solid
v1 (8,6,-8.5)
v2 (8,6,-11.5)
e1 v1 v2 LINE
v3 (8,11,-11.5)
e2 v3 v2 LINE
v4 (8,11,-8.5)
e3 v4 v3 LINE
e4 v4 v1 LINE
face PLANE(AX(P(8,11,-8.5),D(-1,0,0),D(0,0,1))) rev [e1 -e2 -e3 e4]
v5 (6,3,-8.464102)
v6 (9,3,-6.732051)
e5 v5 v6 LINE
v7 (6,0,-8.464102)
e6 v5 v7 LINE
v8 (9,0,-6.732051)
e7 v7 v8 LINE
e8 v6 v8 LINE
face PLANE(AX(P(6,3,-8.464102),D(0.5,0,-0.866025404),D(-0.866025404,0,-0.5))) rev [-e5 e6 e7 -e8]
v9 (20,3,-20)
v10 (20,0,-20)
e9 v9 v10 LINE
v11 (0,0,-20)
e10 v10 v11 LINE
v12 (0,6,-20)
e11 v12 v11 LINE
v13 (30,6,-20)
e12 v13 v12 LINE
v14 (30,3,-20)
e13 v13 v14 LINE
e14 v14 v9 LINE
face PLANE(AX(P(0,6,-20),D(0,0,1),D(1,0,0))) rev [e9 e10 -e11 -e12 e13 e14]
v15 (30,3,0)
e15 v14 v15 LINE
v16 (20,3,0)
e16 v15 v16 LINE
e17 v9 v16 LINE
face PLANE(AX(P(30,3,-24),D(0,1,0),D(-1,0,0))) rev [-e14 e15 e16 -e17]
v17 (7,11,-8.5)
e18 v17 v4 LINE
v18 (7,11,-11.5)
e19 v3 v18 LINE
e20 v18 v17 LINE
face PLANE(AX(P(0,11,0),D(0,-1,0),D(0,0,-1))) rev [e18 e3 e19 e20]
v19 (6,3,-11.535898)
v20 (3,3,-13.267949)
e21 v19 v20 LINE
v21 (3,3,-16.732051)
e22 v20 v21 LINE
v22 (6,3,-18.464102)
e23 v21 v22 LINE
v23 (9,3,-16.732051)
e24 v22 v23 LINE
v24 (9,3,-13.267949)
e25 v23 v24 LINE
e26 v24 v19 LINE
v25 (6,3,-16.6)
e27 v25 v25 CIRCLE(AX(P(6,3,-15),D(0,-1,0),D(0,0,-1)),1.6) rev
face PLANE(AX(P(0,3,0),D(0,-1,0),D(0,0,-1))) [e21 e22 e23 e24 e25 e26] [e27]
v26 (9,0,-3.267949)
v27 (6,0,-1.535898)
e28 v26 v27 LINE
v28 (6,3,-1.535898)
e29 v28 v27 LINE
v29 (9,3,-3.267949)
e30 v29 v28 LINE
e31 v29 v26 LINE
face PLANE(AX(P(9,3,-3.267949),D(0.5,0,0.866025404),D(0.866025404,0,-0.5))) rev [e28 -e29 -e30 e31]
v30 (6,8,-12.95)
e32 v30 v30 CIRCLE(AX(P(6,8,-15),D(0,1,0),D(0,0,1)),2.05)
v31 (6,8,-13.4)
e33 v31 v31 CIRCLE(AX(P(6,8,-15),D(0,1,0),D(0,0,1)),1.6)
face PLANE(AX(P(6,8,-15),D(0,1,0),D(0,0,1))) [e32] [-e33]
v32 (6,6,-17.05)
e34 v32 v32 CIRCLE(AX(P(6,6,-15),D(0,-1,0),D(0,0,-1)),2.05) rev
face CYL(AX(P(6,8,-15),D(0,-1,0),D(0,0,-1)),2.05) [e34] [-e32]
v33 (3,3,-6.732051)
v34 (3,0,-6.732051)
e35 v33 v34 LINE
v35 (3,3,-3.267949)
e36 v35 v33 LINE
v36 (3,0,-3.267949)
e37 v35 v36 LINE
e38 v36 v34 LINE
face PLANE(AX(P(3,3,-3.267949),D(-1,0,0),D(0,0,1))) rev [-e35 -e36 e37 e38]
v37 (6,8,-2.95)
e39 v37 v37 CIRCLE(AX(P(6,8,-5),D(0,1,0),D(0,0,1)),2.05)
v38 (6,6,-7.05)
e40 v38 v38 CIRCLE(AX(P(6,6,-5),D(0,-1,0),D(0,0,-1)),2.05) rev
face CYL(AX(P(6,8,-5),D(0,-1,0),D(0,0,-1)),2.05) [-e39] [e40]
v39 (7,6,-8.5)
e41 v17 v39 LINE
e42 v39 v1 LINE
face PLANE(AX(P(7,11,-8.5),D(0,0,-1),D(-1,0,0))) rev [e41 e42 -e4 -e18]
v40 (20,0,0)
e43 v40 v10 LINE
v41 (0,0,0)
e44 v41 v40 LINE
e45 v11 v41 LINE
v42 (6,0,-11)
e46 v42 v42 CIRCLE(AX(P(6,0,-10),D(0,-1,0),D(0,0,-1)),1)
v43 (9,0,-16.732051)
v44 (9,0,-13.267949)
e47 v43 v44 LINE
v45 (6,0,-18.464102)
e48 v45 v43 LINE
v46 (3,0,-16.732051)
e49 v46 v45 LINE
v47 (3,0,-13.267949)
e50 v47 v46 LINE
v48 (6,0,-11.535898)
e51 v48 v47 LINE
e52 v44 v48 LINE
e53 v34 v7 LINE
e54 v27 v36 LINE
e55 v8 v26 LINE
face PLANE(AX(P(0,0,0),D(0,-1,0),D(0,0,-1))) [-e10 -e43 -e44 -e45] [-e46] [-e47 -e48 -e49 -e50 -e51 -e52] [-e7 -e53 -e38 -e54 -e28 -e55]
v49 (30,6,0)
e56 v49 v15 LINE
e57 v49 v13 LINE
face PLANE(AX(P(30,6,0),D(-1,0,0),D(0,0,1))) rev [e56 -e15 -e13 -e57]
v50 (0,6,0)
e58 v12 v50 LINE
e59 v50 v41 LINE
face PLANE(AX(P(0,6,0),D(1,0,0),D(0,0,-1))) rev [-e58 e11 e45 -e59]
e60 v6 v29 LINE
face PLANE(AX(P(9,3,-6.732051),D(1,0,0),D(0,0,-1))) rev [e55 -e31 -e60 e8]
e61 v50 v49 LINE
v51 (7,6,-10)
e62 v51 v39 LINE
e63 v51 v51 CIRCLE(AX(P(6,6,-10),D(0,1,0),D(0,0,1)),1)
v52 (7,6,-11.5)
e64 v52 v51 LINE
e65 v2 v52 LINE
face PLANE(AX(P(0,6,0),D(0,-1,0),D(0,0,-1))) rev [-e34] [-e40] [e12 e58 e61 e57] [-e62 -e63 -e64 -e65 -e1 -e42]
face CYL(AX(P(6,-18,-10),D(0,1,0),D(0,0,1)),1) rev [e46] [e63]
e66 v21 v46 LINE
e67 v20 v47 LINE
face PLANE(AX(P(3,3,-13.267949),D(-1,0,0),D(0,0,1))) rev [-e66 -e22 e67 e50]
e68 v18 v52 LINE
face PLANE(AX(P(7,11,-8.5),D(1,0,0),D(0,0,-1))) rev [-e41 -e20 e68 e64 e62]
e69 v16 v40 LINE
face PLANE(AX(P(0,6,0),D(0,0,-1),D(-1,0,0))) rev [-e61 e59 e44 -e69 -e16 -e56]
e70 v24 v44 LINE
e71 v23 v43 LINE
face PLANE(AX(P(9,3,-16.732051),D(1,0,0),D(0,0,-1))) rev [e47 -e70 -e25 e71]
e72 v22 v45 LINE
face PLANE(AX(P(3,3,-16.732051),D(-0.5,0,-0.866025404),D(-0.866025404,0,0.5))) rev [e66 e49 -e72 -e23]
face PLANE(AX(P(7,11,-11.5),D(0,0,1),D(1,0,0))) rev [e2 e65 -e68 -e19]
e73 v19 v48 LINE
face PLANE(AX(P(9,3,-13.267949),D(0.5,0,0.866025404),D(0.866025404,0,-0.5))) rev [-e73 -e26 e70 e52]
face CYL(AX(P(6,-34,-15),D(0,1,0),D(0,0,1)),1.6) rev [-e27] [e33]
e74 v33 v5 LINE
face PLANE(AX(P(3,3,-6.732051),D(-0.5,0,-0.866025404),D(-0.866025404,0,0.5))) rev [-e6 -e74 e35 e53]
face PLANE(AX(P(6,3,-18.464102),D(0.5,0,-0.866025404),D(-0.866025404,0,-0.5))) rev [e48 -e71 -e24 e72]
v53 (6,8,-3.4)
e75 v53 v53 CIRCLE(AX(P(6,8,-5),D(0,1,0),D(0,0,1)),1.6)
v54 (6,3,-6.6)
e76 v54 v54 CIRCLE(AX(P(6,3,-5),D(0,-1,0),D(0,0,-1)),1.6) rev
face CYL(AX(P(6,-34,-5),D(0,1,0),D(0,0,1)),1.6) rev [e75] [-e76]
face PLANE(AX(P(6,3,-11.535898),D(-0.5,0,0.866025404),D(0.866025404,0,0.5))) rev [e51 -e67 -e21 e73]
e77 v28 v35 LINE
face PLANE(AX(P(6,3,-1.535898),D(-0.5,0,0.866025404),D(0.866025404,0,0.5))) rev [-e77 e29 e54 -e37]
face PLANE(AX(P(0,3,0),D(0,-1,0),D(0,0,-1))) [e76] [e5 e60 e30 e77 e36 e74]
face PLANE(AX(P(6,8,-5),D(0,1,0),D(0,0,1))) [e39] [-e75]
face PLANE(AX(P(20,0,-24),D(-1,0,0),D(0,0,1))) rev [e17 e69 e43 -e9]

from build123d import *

# Parameters (mm, degrees)
CROQUIS1_W              = 30
CROQUIS1_H              = 20
SALIENTE_EXTRUIR1_DEPTH = 6
CROQUIS3_R              = 1.6
CORTAR_EXTRUIR2_DEPTH   = 40
SALIENTE_EXTRUIR2_START = 2
CROQUIS4_R              = 2.05
CROQUIS4_R_2            = 1.6
SALIENTE_EXTRUIR2_DEPTH = 2
CORTAR_EXTRUIR3_DEPTH   = 3
CROQUIS6_W              = 10
CROQUIS6_H              = 3
CORTAR_EXTRUIR4_DEPTH   = 24
CROQUIS7_R              = 1
CORTAR_EXTRUIR5_DEPTH   = 24
CROQUIS8_W              = 1
CROQUIS8_H              = 3
SALIENTE_EXTRUIR3_DEPTH = 5


with BuildPart() as part:
    # Croquis1 → Saliente-Extruir1 (new body)
    with BuildSketch(Plane(origin=(0, 0, 0), x_dir=(1, 0, 0), z_dir=(0, 1, 0))):
        with Locations((15, 10)):
            Rectangle(CROQUIS1_W, CROQUIS1_H)
    extrude(amount=SALIENTE_EXTRUIR1_DEPTH)

    # Croquis3 → Cortar-Extruir2 (cut)
    with BuildSketch(Plane(origin=(0, 6, 0), x_dir=(1, 0, 0), z_dir=(0, 1, 0))):
        with Locations(Location((6, 5, 0), (0, 0, 270))):
            Circle(CROQUIS3_R)
        with Locations(Location((6, 15, 0), (0, 0, 270))):
            Circle(CROQUIS3_R)
    extrude(amount=-CORTAR_EXTRUIR2_DEPTH, mode=Mode.SUBTRACT)

    # Croquis4 → Saliente-Extruir2 (add)
    # profile 1 of 2: a face of its own
    with BuildSketch(Plane(origin=(0, 6, 0), x_dir=(1, 0, 0), z_dir=(0, 1, 0)).offset(SALIENTE_EXTRUIR2_START)):
        with Locations(Location((6, 15, 0), (0, 0, 90))):
            Circle(CROQUIS4_R)
        with Locations(Location((6, 15, 0), (0, 0, 270))):
            Circle(CROQUIS4_R_2, mode=Mode.SUBTRACT)
    # profile 2 of 2: a face of its own
    with BuildSketch(Plane(origin=(0, 6, 0), x_dir=(1, 0, 0), z_dir=(0, 1, 0)).offset(SALIENTE_EXTRUIR2_START)):
        with Locations(Location((6, 5, 0), (0, 0, 90))):
            Circle(CROQUIS4_R)
        with Locations(Location((6, 5, 0), (0, 0, 270))):
            Circle(CROQUIS4_R_2, mode=Mode.SUBTRACT)
    extrude(amount=-SALIENTE_EXTRUIR2_DEPTH)

    # Croquis5 → Cortar-Extruir3 (cut)
    with BuildSketch(Plane.XZ):
        Polygon((9, -6.732050808), (9, -3.267949192), (6, -1.535898385), (3, -3.267949192), (3, -6.732050808), (6, -8.464101615), align=None)
        Polygon((9, -16.732050808), (9, -13.267949192), (6, -11.535898385), (3, -13.267949192), (3, -16.732050808), (6, -18.464101615), align=None)
    extrude(amount=-CORTAR_EXTRUIR3_DEPTH, mode=Mode.SUBTRACT)

    # Croquis6 → Cortar-Extruir4 (cut)
    with BuildSketch(Plane.XY):
        with Locations((25, 1.5)):
            Rectangle(CROQUIS6_W, CROQUIS6_H)
    extrude(amount=-CORTAR_EXTRUIR4_DEPTH, mode=Mode.SUBTRACT)

    # Croquis7 → Cortar-Extruir5 (cut)
    with BuildSketch(Plane(origin=(0, 6, 0), x_dir=(1, 0, 0), z_dir=(0, 1, 0))):
        with Locations(Location((6, 10, 0), (0, 0, 270))):
            Circle(CROQUIS7_R)
    extrude(amount=-CORTAR_EXTRUIR5_DEPTH, mode=Mode.SUBTRACT)

    # Croquis8 → Saliente-Extruir3 (add)
    with BuildSketch(Plane(origin=(0, 6, 0), x_dir=(1, 0, 0), z_dir=(0, 1, 0))):
        with Locations((7.5, 10)):
            Rectangle(CROQUIS8_W, CROQUIS8_H)
    extrude(amount=SALIENTE_EXTRUIR3_DEPTH)


solid = part.part
